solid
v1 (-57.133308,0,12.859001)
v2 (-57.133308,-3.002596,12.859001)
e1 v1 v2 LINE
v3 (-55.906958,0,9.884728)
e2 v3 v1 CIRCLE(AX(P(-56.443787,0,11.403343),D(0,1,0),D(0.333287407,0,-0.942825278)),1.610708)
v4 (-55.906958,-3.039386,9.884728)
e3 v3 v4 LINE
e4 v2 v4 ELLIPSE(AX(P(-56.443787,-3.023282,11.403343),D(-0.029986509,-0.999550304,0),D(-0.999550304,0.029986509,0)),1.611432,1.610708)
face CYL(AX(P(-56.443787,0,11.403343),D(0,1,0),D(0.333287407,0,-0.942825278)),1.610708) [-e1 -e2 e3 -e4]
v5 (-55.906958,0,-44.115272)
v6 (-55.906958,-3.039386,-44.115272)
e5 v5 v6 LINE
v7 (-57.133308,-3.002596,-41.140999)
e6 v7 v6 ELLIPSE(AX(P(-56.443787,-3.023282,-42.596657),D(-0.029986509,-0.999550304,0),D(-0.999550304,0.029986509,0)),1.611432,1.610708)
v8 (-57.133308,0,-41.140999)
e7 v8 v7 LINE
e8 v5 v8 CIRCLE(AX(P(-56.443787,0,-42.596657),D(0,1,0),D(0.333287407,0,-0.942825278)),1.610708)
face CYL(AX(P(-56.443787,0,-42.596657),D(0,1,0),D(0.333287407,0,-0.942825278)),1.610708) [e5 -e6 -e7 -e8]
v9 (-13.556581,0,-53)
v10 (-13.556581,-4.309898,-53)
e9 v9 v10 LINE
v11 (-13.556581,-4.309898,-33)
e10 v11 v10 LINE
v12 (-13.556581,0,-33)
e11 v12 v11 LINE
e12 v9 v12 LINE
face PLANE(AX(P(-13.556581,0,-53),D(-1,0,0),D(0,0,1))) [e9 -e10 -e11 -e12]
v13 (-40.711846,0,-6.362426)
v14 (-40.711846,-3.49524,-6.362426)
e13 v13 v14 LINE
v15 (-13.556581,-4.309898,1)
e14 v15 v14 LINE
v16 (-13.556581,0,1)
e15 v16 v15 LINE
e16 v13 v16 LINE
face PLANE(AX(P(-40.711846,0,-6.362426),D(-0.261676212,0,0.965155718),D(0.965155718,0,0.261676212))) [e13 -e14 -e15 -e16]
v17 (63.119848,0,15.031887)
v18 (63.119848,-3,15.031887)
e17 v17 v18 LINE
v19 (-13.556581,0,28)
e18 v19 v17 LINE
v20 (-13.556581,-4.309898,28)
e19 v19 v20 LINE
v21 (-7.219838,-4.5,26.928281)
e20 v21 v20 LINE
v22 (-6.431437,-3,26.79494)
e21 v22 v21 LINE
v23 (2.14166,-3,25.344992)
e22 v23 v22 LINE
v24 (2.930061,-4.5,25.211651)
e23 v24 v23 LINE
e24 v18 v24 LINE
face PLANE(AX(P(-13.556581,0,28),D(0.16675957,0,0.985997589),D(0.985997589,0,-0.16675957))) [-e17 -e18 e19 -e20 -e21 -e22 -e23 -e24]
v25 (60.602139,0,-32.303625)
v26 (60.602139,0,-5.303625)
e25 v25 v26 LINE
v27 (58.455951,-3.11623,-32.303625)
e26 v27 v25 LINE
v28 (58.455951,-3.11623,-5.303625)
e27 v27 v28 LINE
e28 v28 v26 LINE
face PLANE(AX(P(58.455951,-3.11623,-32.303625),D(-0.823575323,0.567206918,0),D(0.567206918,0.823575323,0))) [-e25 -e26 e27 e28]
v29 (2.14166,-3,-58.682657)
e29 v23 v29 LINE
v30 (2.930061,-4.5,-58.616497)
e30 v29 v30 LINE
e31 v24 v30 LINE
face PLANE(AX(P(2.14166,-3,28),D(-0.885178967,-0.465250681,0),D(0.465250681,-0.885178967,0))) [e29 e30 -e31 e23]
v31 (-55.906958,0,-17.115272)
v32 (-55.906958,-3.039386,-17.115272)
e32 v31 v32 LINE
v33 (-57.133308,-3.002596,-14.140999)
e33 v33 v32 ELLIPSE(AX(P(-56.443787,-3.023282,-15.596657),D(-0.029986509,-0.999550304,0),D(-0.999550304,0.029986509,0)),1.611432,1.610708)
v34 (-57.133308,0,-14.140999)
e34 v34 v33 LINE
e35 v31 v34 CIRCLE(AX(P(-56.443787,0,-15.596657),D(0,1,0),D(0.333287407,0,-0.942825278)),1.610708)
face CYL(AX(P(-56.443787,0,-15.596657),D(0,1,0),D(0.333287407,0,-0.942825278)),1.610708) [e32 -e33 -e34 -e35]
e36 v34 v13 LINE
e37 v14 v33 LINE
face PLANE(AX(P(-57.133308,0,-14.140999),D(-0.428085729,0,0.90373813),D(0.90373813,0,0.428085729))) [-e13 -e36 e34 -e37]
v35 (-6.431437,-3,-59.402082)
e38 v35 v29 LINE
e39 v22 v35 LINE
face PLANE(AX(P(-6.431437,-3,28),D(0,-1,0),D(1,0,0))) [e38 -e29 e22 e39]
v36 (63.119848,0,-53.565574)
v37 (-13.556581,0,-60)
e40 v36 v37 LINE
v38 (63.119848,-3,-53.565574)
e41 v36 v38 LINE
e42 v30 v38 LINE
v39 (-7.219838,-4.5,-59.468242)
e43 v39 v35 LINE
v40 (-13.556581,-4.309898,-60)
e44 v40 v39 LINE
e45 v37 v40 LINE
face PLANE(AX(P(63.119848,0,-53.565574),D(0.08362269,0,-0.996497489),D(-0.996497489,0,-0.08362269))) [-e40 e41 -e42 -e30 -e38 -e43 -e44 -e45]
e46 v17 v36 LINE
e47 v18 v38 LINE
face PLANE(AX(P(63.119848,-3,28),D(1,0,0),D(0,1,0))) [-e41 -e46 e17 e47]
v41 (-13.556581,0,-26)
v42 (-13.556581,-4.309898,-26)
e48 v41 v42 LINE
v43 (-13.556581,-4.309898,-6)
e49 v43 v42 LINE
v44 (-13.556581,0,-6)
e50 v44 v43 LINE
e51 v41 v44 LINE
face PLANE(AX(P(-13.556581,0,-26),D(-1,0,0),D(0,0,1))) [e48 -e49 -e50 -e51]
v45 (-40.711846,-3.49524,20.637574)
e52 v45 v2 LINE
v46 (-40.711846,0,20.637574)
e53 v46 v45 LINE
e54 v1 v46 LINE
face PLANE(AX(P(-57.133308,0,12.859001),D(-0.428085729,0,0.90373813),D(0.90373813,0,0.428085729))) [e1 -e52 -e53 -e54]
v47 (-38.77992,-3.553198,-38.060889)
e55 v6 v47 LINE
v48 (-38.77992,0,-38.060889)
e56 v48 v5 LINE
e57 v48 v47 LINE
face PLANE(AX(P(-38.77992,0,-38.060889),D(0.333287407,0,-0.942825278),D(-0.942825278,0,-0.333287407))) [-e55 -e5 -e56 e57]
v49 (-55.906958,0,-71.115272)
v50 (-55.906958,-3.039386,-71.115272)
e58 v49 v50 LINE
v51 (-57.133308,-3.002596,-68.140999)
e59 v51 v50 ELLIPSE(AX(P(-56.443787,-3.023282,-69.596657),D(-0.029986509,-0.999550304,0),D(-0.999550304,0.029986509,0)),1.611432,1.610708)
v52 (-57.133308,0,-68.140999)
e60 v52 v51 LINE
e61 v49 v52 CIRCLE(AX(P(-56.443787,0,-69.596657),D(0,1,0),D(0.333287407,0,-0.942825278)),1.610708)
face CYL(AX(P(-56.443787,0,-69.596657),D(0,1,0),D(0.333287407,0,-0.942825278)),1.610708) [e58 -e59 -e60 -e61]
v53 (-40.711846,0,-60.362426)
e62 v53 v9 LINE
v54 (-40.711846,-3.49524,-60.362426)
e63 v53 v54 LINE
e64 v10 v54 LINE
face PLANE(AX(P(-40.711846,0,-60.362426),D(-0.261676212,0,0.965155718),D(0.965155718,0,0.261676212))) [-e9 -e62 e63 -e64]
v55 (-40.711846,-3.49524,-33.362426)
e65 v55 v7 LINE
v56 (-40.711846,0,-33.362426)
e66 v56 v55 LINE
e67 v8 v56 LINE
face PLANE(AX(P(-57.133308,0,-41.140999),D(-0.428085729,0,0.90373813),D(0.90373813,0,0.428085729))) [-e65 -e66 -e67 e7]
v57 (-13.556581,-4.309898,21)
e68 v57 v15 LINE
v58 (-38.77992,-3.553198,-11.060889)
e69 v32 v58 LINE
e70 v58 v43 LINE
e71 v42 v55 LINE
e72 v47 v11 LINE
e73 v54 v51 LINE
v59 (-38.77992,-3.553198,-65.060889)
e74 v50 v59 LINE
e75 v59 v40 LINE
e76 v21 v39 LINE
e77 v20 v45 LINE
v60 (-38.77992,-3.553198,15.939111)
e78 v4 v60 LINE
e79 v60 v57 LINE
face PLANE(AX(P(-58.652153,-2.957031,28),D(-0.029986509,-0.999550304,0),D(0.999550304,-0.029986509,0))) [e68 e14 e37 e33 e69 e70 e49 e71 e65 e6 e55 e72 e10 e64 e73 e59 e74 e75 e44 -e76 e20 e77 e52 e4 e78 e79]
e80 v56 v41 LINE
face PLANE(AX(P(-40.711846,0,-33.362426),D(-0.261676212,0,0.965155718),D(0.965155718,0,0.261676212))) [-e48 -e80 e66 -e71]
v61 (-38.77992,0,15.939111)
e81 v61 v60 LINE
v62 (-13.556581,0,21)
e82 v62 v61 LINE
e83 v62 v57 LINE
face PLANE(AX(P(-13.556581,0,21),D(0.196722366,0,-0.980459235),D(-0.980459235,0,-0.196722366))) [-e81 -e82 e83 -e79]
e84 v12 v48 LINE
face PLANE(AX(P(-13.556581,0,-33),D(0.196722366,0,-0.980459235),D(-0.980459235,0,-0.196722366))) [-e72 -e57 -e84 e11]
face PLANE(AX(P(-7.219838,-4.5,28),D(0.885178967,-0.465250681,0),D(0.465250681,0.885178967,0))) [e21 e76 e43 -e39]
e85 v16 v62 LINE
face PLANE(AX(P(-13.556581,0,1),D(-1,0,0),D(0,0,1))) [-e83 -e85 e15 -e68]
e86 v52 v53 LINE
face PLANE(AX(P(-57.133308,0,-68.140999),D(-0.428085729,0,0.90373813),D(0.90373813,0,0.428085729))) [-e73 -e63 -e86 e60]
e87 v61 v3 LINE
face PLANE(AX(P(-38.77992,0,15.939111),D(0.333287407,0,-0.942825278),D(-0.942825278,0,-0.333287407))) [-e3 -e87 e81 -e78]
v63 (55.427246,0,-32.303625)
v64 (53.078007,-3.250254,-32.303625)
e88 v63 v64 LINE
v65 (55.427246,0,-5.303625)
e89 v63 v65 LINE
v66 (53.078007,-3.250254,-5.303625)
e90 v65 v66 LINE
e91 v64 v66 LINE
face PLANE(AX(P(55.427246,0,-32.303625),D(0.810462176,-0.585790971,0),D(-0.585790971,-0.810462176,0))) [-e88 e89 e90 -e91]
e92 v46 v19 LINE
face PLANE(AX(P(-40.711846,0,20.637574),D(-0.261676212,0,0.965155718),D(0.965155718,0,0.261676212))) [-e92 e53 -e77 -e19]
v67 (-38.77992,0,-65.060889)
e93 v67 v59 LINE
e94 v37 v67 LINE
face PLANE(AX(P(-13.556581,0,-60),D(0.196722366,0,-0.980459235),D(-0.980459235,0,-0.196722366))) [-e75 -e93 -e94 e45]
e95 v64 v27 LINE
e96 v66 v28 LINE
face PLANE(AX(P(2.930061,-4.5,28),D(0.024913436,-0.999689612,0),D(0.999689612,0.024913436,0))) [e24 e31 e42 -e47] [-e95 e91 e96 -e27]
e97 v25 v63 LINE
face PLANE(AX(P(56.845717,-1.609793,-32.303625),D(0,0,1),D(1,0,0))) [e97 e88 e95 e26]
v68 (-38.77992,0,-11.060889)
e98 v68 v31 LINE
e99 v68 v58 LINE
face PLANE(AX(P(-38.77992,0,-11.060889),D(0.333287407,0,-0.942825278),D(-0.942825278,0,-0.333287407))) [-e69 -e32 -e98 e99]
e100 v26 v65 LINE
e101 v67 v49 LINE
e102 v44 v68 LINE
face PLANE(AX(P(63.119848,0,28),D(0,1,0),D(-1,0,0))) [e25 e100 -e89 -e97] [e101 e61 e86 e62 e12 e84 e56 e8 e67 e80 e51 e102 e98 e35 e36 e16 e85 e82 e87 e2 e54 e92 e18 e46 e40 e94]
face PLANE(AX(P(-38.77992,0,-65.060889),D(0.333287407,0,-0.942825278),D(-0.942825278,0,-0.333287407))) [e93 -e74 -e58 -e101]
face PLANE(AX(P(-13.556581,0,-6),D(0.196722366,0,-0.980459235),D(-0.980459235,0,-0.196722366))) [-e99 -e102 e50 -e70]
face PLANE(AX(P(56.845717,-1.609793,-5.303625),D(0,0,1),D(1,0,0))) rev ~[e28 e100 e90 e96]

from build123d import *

# Parameters (mm, degrees)
BOSS_EXTRUDE1_START = 28
BOSS_EXTRUDE1_DEPTH = 99.579374
SKETCH1_OUTSIDE_W   = 155.246
SKETCH1_OUTSIDE_H   = 133.053
CUT_EXTRUDE1_DEPTH  = 96.54042058
CUT_EXTRUDE2_START  = -32.303625
CUT_EXTRUDE2_DEPTH  = 27


with BuildPart() as part:
    # Sketch2 → Boss-Extrude1 (new body)
    with BuildSketch(Plane.XY.offset(BOSS_EXTRUDE1_START)):
        Polygon((-58.652152565, -2.957030561), (-7.219837935, -4.5), (-6.431436891, -3), (2.141659611, -3), (2.930060654, -4.5), (63.119847768, -3), (63.119847768, 0), (-58.652152565, 0), align=None)
    extrude(amount=-BOSS_EXTRUDE1_DEPTH)

    # Sketch1 outside → Cut-Extrude1 (cut, through all)
    with BuildSketch(Plane(origin=(0, 0, 0), x_dir=(1, 0, 0), z_dir=(0, 1, 0))):
        with Locations((2.234, 21.7895)):
            Rectangle(SKETCH1_OUTSIDE_W, SKETCH1_OUTSIDE_H)
        with BuildLine():
            Line((-40.711846446, -20.63757447), (-13.556580584, -28))
            Line((-13.556580584, -28), (63.119847768, -15.031886942))
            Line((63.119847768, -15.031886942), (63.119847768, 53.565574166))
            Line((63.119847768, 53.565574166), (-13.556580584, 60))
            Line((-13.556580584, 60), (-38.779919931, 65.060888634))
            Line((-38.779919931, 65.060888634), (-55.906958074, 71.115272488))
            ThreePointArc((-55.906958074, 71.115272488), (-57.932881972, 70.210638871), (-57.133307602, 68.140998698))
            Line((-57.133307602, 68.140998698), (-40.711846446, 60.36242553))
            Line((-40.711846446, 60.36242553), (-13.556580584, 53))
            Line((-13.556580584, 53), (-13.556580584, 33))
            Line((-13.556580584, 33), (-38.779919931, 38.060888634))
            Line((-38.779919931, 38.060888634), (-55.906958074, 44.115272488))
            ThreePointArc((-55.906958074, 44.115272488), (-57.932881972, 43.210638871), (-57.133307602, 41.140998698))
            Line((-57.133307602, 41.140998698), (-40.711846446, 33.36242553))
            Line((-40.711846446, 33.36242553), (-13.556580584, 26))
            Line((-13.556580584, 26), (-13.556580584, 6))
            Line((-13.556580584, 6), (-38.779919931, 11.060888634))
            Line((-38.779919931, 11.060888634), (-55.906958074, 17.115272488))
            ThreePointArc((-55.906958074, 17.115272488), (-57.932881972, 16.210638871), (-57.133307602, 14.140998698))
            Line((-57.133307602, 14.140998698), (-40.711846446, 6.36242553))
            Line((-40.711846446, 6.36242553), (-13.556580584, -1))
            Line((-13.556580584, -1), (-13.556580584, -21))
            Line((-13.556580584, -21), (-38.779919931, -15.939111366))
            Line((-38.779919931, -15.939111366), (-55.906958074, -9.884727512))
            ThreePointArc((-55.906958074, -9.884727512), (-57.932881972, -10.789361129), (-57.133307602, -12.859001302))
            Line((-57.133307602, -12.859001302), (-40.711846446, -20.63757447))
        make_face(mode=Mode.SUBTRACT)
    extrude(amount=-CUT_EXTRUDE1_DEPTH, mode=Mode.SUBTRACT)

    # Sketch3 → Cut-Extrude2 (cut)
    with BuildSketch(Plane.XY.offset(CUT_EXTRUDE2_START)):
        Polygon((60.602138865, 0), (55.427246155, 0), (53.07800672, -3.250254442), (58.455951346, -3.116229762), align=None)
    extrude(amount=CUT_EXTRUDE2_DEPTH, mode=Mode.SUBTRACT)


solid = part.part
